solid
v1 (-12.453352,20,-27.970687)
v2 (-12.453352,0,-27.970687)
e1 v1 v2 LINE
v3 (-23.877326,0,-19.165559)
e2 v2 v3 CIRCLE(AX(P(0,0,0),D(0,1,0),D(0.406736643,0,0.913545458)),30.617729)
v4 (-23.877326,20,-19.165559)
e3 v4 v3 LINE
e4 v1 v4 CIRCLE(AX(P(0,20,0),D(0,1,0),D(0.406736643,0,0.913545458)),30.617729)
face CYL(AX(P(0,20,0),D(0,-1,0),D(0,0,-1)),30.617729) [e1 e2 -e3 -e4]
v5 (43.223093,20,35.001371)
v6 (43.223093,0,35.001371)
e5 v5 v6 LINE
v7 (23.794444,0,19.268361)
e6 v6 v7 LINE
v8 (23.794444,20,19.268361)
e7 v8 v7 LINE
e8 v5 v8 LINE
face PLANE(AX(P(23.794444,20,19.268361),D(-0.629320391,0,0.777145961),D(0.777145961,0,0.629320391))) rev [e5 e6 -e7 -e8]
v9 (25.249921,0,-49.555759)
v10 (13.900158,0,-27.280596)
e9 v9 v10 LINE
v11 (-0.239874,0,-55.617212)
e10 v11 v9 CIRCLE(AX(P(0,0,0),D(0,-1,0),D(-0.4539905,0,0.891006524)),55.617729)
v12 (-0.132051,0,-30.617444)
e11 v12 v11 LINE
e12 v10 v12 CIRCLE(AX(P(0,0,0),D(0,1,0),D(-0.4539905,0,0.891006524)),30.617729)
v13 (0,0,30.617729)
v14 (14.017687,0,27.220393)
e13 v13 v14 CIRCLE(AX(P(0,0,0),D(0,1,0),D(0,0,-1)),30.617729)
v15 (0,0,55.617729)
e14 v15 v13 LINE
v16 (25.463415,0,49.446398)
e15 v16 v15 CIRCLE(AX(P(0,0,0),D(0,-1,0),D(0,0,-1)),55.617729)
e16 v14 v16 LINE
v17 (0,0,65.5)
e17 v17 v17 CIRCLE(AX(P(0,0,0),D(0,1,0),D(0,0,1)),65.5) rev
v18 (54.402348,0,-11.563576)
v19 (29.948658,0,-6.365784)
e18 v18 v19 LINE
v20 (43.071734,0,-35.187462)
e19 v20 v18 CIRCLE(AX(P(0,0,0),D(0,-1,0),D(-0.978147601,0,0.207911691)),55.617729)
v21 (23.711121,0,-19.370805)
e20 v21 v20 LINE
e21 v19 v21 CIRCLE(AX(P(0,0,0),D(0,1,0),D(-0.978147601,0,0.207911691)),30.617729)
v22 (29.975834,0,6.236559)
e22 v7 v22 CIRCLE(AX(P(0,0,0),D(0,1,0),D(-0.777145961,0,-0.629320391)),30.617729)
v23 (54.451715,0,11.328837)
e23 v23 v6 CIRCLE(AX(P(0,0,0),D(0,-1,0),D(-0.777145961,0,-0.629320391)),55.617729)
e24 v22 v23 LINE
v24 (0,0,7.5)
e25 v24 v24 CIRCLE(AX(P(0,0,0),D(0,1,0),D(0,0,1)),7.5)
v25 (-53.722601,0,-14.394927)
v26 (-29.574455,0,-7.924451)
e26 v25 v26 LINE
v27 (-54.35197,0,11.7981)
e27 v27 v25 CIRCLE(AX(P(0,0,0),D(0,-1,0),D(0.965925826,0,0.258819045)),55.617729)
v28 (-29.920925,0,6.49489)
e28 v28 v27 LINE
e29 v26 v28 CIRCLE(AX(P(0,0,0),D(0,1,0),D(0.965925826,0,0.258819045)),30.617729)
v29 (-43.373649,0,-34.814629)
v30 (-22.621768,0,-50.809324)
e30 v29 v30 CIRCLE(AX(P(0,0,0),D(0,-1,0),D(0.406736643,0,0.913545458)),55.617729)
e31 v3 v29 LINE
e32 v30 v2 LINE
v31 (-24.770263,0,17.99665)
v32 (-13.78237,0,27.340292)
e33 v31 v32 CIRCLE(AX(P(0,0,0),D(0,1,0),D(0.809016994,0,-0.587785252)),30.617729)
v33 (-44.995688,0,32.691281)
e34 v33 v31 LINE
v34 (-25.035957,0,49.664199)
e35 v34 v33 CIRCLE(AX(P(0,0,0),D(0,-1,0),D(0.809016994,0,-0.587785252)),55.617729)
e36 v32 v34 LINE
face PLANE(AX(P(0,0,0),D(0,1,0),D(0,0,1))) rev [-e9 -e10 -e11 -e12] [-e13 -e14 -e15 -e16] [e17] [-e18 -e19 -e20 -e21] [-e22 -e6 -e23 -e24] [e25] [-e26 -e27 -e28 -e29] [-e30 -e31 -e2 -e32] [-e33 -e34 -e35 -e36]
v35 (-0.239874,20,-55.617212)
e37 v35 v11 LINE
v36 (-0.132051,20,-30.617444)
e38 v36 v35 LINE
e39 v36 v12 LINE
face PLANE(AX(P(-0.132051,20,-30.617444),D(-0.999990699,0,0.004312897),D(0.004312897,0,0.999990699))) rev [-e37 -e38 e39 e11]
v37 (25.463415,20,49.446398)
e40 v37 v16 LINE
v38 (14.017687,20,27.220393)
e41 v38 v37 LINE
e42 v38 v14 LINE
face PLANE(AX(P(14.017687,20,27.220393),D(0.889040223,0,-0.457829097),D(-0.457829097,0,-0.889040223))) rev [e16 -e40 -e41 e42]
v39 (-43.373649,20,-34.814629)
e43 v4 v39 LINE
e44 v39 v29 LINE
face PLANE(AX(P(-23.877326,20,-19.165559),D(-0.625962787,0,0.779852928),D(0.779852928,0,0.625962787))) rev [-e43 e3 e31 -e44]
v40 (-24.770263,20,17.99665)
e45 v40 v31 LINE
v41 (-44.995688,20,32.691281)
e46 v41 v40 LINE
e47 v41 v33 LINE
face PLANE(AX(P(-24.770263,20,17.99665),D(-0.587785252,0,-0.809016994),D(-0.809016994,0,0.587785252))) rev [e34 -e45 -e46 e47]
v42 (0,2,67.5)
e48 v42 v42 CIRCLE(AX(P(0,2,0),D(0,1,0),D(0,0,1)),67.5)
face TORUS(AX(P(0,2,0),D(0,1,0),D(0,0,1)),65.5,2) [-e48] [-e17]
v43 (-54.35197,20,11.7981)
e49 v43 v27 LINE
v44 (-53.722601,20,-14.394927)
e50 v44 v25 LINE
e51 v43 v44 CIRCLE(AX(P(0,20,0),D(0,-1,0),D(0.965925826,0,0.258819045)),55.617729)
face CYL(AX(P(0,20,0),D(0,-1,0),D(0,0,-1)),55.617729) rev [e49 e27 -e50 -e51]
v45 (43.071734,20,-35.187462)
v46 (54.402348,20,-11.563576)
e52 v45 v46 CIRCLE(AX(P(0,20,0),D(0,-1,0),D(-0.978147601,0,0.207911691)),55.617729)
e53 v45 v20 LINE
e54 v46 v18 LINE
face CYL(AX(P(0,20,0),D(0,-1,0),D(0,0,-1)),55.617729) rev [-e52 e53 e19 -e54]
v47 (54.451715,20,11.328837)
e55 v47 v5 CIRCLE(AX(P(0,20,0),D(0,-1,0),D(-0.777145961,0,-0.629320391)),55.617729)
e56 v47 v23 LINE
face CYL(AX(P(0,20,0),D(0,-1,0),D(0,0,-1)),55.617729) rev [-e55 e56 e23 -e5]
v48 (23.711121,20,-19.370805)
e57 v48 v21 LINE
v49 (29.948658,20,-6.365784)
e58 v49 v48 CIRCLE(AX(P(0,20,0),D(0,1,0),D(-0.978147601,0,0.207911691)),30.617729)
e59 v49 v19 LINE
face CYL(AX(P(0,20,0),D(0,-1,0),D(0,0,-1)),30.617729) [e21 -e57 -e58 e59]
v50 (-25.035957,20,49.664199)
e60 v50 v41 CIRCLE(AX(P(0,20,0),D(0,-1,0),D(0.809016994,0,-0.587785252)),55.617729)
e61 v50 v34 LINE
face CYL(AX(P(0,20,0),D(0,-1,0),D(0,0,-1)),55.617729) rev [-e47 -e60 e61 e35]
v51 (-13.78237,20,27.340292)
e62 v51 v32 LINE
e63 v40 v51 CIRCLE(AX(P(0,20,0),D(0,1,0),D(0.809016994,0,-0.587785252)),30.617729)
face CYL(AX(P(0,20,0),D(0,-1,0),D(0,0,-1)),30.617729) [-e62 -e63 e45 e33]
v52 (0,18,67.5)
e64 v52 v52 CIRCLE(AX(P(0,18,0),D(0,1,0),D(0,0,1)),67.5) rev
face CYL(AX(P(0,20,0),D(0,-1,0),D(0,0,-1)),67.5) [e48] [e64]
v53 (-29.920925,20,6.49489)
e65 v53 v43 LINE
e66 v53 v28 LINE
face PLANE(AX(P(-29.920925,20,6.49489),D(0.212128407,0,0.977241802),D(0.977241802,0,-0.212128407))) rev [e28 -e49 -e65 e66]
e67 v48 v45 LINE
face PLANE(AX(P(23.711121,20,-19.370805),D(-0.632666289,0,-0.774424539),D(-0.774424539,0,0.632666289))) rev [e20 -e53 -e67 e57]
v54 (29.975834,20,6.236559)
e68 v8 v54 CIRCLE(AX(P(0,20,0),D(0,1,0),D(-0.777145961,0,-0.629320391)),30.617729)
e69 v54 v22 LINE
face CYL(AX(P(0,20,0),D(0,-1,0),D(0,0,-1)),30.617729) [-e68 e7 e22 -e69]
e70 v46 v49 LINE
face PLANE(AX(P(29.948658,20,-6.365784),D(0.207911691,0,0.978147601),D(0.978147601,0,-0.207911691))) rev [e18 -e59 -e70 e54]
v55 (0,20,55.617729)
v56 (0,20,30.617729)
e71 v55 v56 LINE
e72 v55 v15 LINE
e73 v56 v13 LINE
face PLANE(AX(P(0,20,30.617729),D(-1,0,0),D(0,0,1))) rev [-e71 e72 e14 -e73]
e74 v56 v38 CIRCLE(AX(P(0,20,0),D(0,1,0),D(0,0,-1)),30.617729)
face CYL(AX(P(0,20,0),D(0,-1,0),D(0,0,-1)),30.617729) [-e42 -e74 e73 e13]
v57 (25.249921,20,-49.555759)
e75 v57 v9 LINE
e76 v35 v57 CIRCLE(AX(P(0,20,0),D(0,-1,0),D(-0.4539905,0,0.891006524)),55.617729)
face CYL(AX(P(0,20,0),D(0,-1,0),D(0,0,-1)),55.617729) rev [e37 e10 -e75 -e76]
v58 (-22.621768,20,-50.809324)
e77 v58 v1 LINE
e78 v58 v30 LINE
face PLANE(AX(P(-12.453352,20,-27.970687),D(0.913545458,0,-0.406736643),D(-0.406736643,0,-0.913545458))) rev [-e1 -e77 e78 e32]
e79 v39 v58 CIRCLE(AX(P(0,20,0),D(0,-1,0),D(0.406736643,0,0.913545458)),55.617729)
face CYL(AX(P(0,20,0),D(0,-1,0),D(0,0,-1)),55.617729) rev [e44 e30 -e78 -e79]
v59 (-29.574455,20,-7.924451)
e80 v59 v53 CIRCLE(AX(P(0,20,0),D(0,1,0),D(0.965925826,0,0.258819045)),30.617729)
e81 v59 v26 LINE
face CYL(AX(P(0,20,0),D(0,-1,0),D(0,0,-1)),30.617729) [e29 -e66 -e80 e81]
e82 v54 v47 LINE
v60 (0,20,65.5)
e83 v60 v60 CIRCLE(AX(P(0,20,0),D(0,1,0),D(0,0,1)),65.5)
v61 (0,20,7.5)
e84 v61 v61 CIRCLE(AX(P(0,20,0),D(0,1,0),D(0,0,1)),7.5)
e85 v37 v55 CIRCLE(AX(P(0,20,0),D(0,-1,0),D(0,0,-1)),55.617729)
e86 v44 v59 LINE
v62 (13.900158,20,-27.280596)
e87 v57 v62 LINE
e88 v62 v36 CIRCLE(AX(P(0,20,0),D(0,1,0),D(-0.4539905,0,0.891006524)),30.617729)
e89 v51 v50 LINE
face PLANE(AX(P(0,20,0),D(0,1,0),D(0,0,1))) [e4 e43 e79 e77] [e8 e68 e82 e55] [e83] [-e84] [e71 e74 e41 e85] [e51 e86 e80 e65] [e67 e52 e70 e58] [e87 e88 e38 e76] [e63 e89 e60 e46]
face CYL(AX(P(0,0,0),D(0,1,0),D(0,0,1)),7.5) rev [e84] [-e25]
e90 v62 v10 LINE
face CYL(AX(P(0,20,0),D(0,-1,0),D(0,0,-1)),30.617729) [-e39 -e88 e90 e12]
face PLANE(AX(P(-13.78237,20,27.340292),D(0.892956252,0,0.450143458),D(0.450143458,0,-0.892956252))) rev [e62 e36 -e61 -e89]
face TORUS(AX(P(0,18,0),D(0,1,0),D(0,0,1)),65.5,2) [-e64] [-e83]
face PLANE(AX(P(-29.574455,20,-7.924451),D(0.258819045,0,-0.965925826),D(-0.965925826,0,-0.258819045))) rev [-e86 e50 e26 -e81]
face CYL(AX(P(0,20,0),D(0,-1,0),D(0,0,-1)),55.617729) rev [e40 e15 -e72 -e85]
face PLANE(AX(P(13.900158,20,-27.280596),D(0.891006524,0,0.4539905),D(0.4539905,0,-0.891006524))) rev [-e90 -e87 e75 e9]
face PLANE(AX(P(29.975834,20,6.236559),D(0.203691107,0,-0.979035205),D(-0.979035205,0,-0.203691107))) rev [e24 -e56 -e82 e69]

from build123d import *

# Parameters (mm, degrees)
SKETCH1_R           = 67.5
BOSS_EXTRUDE1_DEPTH = 20
FILLET1_R           = 2
SKETCH2_R           = 7.5
CUT_EXTRUDE1_DEPTH  = 98.532046085
CUT_EXTRUDE2_DEPTH  = 98.532046085
CIRPATTERN1_COUNT   = 7
CIRPATTERN1_ANGLE   = 306


with BuildPart() as part:
    # Sketch1 → Boss-Extrude1 (new body)
    with BuildSketch(Plane(origin=(0, 0, 0), x_dir=(1, 0, 0), z_dir=(0, 1, 0))):
        with Locations(Location((0, 0, 0), (0, 0, 270))):
            Circle(SKETCH1_R)
    extrude(amount=BOSS_EXTRUDE1_DEPTH)

    # Fillet1
    fillet1_edges = [part.edges().sort_by_distance(p)[0] for p in [
        (0, 0, -67.5),
        (0, 20, -67.5),
    ]]
    fillet(fillet1_edges, radius=FILLET1_R)

    # Sketch2 → Cut-Extrude1 (cut, through all)
    with BuildSketch(Plane(origin=(0, 20, 0), x_dir=(1, 0, 0), z_dir=(0, 1, 0))):
        with Locations(Location((0, 0, 0), (0, 0, 270))):
            Circle(SKETCH2_R)
    extrude(amount=-CUT_EXTRUDE1_DEPTH, mode=Mode.SUBTRACT)

    # Sketch3 → Cut-Extrude2 (cut, through all)
    with BuildSketch(Plane.XZ):
        with BuildLine():
            Line((0, 30.617728898), (0, 55.617728898))
            ThreePointArc((0, 55.617728898), (13.100293951, 54.052882126), (25.463414591, 49.446398101))
            Line((25.463414591, 49.446398101), (14.017687169, 27.220392527))
            ThreePointArc((14.017687169, 27.220392527), (7.21175166, 29.756275991), (0, 30.617728898))
        make_face()
    cut_extrude2 = extrude(amount=-CUT_EXTRUDE2_DEPTH, mode=Mode.SUBTRACT)

    # CirPattern1: Cut-Extrude2 ×7 about axis
    cirpattern1_axis = Axis((0, 0, 0), (0, 1, 0))
    for i in range(1, CIRPATTERN1_COUNT):
        add(cut_extrude2.rotate(cirpattern1_axis, i * CIRPATTERN1_ANGLE / (CIRPATTERN1_COUNT - 1)), mode=Mode.SUBTRACT)


solid = part.part
